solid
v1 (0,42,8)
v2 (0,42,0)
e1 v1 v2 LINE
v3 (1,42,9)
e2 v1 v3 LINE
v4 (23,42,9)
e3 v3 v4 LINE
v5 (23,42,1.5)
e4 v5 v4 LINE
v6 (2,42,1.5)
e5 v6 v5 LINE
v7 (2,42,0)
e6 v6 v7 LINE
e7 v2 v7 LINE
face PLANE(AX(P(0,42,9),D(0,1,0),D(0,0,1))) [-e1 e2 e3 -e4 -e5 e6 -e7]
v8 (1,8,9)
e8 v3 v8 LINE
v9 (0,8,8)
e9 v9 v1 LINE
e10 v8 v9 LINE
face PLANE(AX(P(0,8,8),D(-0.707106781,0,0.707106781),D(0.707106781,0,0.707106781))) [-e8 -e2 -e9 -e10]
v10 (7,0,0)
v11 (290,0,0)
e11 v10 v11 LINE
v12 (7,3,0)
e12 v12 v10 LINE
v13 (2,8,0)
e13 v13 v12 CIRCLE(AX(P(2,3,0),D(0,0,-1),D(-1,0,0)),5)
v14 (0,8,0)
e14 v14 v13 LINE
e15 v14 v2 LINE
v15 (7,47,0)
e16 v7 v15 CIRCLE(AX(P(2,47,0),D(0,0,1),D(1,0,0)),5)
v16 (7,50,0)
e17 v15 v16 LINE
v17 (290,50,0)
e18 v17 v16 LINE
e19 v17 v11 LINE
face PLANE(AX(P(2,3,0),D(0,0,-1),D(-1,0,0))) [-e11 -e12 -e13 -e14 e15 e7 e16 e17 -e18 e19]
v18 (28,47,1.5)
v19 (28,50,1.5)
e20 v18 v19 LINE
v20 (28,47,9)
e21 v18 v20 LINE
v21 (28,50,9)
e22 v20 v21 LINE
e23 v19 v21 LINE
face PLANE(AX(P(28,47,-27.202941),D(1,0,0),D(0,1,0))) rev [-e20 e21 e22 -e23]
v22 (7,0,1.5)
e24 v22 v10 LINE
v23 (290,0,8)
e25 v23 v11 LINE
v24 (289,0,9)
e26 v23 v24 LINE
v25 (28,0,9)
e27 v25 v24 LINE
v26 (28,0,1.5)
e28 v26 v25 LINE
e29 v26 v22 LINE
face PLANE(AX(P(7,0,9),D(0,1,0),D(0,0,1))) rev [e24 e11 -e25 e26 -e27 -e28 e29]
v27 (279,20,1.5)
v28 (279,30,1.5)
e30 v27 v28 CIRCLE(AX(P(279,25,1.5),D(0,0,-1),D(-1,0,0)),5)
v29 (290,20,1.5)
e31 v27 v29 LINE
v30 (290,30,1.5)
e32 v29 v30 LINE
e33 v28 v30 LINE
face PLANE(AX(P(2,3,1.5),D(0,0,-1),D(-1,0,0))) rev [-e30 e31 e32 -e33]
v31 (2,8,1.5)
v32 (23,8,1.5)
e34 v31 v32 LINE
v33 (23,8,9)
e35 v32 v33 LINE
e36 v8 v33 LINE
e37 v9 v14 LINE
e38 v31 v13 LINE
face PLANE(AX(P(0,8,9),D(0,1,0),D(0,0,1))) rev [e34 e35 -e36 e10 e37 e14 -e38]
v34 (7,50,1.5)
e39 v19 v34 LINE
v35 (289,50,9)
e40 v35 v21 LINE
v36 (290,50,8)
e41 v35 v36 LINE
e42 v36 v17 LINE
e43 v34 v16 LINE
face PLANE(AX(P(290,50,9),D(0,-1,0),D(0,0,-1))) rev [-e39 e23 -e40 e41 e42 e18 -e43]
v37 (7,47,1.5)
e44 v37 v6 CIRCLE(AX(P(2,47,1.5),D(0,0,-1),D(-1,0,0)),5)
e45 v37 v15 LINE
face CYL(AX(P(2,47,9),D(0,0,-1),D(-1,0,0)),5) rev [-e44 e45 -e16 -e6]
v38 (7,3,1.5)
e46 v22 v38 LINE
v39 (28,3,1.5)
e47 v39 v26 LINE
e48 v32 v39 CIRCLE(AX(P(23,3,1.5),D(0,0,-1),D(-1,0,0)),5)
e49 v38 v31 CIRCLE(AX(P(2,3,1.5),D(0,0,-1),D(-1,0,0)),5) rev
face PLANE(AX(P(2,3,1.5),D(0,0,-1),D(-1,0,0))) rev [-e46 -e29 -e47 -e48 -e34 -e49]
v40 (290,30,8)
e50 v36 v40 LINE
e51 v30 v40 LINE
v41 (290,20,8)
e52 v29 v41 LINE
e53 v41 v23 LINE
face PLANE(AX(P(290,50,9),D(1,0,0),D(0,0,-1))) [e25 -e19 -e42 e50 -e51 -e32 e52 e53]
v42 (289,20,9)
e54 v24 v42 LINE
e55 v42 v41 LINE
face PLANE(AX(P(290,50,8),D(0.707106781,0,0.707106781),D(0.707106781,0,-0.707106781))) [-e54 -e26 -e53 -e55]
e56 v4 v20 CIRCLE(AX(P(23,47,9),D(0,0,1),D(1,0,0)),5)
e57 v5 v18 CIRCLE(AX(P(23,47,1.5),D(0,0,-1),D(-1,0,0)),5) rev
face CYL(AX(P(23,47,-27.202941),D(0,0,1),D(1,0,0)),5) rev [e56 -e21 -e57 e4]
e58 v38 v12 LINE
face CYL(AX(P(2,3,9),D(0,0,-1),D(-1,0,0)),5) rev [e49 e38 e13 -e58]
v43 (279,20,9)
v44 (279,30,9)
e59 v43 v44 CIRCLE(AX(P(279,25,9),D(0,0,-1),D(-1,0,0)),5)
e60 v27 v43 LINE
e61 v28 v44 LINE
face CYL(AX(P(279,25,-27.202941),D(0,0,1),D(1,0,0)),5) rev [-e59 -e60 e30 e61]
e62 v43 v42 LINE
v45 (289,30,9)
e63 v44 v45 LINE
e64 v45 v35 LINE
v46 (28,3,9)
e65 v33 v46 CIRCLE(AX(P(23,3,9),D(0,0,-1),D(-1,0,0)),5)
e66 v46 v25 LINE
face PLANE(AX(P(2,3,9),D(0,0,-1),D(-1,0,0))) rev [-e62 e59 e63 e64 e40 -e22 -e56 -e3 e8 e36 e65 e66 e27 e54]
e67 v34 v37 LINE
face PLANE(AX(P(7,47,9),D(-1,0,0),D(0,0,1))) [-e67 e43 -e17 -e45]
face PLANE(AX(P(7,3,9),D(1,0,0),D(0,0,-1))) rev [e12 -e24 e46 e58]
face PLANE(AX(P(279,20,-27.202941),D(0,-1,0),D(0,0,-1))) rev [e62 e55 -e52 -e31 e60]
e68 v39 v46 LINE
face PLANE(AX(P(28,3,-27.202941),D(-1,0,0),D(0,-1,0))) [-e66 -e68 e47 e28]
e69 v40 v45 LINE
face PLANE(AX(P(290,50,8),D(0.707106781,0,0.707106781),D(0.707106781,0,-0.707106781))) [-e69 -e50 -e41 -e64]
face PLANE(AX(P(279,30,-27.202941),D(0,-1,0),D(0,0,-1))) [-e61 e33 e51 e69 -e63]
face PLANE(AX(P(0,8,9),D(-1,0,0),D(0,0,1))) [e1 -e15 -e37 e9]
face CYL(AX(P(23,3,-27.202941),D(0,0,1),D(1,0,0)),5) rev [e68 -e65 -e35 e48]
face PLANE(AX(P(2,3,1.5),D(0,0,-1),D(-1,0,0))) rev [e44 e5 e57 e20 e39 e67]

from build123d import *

# Parameters (mm, degrees)
BASE_EXTRUDE_DEPTH = 9
CUT_EXTRUDE1_DEPTH = 7.5
CHAMFER1_SIZE      = 1


with BuildPart() as part:
    # Sketch1 → Base-Extrude (new body)
    with BuildSketch(Plane.XY):
        with BuildLine():
            Line((7, 0), (290, 0))
            Line((290, 0), (290, 50))
            Line((290, 50), (7, 50))
            Line((7, 50), (7, 47))
            ThreePointArc((7, 47), (5.535533906, 43.464466094), (2, 42))
            Line((2, 42), (0, 42))
            Line((0, 42), (0, 8))
            Line((0, 8), (2, 8))
            ThreePointArc((2, 8), (5.535533906, 6.535533906), (7, 3))
            Line((7, 3), (7, 0))
        make_face()
    extrude(amount=BASE_EXTRUDE_DEPTH)

    # Sketch2 → Cut-Extrude1 (cut)
    with BuildSketch(Plane.XY.offset(9)):
        with BuildLine():
            Line((2, 8), (23, 8))
            ThreePointArc((23, 8), (26.535533906, 6.535533906), (28, 3))
            Line((28, 3), (28, 0))
            Line((28, 0), (2, 0))
            Line((2, 0), (2, 8))
        make_face()
        with BuildLine():
            Line((279, 30), (290, 30))
            Line((290, 30), (290, 20))
            Line((290, 20), (279, 20))
            ThreePointArc((279, 20), (274, 25), (279, 30))
        make_face()
        with BuildLine():
            Line((28, 47), (28, 50))
            Line((28, 50), (2, 50))
            Line((2, 50), (2, 42))
            Line((2, 42), (23, 42))
            ThreePointArc((23, 42), (26.535533906, 43.464466094), (28, 47))
        make_face()
    extrude(amount=-CUT_EXTRUDE1_DEPTH, mode=Mode.SUBTRACT)

    # Chamfer1
    chamfer1_edges = [part.edges().sort_by_distance(p)[0] for p in [
        (0, 25, 9),
        (290, 40, 9),
        (290, 10, 9),
    ]]
    chamfer(chamfer1_edges, length=CHAMFER1_SIZE)


solid = part.part
